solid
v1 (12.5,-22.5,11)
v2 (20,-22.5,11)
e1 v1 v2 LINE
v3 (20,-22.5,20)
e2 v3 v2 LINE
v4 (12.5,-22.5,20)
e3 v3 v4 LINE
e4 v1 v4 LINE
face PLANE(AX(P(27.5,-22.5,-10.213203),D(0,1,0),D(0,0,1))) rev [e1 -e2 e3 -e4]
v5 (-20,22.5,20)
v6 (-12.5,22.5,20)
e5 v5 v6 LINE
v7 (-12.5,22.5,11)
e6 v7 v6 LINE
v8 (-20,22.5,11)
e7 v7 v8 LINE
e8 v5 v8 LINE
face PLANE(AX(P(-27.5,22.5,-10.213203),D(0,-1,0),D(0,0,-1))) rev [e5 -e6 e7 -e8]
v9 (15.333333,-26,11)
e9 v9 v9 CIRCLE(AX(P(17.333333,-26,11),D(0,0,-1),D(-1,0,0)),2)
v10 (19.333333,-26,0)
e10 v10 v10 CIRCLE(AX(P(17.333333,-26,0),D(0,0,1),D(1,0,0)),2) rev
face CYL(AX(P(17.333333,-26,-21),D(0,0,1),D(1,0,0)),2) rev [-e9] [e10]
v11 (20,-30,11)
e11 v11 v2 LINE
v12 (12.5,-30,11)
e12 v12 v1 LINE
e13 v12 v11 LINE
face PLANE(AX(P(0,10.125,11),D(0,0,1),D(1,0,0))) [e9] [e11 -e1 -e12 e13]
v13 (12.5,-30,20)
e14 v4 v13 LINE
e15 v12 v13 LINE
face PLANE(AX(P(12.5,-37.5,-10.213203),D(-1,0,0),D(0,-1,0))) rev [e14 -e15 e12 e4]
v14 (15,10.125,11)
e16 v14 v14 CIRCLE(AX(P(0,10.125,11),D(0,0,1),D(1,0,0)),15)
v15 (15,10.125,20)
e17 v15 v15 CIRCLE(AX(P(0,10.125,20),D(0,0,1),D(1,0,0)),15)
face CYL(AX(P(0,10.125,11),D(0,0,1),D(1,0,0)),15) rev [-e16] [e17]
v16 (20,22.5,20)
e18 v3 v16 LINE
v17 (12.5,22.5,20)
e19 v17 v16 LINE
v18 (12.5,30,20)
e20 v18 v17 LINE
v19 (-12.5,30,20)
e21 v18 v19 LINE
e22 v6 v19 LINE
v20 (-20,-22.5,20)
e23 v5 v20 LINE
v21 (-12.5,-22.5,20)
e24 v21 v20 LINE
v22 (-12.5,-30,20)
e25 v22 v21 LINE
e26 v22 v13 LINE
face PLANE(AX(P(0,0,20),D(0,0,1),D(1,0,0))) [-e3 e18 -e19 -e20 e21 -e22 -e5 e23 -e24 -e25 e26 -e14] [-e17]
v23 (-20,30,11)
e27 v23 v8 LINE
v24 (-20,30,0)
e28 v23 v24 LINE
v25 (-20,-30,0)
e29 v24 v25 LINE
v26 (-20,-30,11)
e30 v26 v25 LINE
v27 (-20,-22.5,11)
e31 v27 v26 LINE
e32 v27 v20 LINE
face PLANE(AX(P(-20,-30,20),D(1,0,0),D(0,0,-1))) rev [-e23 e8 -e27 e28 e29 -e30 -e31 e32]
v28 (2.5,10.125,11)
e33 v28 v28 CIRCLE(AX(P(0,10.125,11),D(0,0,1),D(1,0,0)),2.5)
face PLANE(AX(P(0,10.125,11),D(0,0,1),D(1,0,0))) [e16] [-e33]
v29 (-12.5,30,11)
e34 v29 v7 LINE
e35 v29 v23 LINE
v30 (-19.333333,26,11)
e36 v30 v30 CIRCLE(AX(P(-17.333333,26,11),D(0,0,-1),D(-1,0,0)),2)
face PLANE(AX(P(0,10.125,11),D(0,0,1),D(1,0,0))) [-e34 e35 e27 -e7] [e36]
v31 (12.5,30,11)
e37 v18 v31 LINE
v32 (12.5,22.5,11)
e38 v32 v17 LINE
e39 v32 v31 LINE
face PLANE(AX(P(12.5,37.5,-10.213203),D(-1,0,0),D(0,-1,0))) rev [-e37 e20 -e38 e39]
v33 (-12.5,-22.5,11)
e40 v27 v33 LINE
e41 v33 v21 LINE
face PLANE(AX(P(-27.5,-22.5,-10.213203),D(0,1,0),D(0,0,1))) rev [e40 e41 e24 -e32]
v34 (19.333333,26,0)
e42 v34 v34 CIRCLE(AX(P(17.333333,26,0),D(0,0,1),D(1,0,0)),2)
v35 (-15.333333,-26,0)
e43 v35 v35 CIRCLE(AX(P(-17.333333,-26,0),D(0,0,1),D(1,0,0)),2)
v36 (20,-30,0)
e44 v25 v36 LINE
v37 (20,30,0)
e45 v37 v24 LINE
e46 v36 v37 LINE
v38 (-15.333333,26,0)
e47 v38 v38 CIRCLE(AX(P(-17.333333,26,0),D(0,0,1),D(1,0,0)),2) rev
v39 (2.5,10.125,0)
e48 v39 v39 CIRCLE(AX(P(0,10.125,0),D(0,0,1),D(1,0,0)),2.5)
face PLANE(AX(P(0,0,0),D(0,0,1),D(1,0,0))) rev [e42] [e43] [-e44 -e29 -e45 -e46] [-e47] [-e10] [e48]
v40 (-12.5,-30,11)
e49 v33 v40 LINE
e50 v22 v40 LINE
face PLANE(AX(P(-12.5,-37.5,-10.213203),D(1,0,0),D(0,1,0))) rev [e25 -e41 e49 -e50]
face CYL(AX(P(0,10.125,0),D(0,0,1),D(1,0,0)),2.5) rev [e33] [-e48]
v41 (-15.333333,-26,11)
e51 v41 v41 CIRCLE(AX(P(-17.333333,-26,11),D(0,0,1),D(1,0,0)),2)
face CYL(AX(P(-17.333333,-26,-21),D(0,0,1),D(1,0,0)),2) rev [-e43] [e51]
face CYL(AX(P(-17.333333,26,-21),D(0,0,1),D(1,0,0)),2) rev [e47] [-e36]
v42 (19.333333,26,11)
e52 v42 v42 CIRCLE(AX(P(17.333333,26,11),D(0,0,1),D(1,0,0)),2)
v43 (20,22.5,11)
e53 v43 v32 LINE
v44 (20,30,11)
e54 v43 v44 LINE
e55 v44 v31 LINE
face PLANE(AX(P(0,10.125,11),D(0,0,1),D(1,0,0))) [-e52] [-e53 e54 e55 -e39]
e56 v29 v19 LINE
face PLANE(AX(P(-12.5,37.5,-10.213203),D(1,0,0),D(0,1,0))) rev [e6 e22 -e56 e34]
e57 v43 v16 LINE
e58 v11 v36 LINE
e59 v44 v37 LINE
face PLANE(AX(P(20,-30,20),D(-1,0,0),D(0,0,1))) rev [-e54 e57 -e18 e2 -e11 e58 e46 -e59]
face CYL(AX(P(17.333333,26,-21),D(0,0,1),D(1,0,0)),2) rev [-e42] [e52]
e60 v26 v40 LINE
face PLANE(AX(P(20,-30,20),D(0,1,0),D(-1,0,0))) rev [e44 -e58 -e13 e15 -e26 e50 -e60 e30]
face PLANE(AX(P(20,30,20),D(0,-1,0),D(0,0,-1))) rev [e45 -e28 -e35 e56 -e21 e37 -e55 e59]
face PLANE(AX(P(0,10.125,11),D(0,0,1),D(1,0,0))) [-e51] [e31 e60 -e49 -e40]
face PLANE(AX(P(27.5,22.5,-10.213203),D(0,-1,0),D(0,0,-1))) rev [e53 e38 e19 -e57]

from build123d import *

# Parameters (mm, degrees)
SKETCH1_W           = 40
SKETCH1_H           = 60
BOSS_EXTRUDE1_DEPTH = 20
SKETCH2_R           = 15
CUT_EXTRUDE1_DEPTH  = 9
SKETCH3_R           = 2
CUT_EXTRUDE2_DEPTH  = 32
SKETCH4_W           = 15
SKETCH4_H           = 15
CUT_EXTRUDE3_DEPTH  = 9
SKETCH5_R           = 2.5
CUT_EXTRUDE4_DEPTH  = 11


with BuildPart() as part:
    # Sketch1 → Boss-Extrude1 (new body)
    with BuildSketch(Plane.XY):
        Rectangle(SKETCH1_W, SKETCH1_H)
    extrude(amount=BOSS_EXTRUDE1_DEPTH)

    # Sketch2 → Cut-Extrude1 (cut)
    with BuildSketch(Plane.XY.offset(20)):
        with Locations((0, 10.125)):
            Circle(SKETCH2_R)
    extrude(amount=-CUT_EXTRUDE1_DEPTH, mode=Mode.SUBTRACT)

    # Sketch3 → Cut-Extrude2 (cut)
    with BuildSketch(Plane.XY.offset(11)):
        with Locations((17.333333333, 26)):
            Circle(SKETCH3_R)
        with Locations((-17.333333333, 26)):
            Circle(SKETCH3_R)
        with Locations((17.333333333, -26)):
            Circle(SKETCH3_R)
        with Locations((-17.333333333, -26)):
            Circle(SKETCH3_R)
    extrude(amount=-CUT_EXTRUDE2_DEPTH, mode=Mode.SUBTRACT)

    # Sketch4 → Cut-Extrude3 (cut)
    with BuildSketch(Plane.XY.offset(20)):
        with Locations((-20, 30)):
            Rectangle(SKETCH4_W, SKETCH4_H)
        with Locations((20, 30)):
            Rectangle(SKETCH4_W, SKETCH4_H)
        with Locations((-20, -30)):
            Rectangle(SKETCH4_W, SKETCH4_H)
        with Locations((20, -30)):
            Rectangle(SKETCH4_W, SKETCH4_H)
    extrude(amount=-CUT_EXTRUDE3_DEPTH, mode=Mode.SUBTRACT)

    # Sketch5 → Cut-Extrude4 (cut)
    with BuildSketch(Plane.XY.offset(11)):
        with Locations((0, 10.125)):
            Circle(SKETCH5_R)
    extrude(amount=-CUT_EXTRUDE4_DEPTH, mode=Mode.SUBTRACT)


solid = part.part
